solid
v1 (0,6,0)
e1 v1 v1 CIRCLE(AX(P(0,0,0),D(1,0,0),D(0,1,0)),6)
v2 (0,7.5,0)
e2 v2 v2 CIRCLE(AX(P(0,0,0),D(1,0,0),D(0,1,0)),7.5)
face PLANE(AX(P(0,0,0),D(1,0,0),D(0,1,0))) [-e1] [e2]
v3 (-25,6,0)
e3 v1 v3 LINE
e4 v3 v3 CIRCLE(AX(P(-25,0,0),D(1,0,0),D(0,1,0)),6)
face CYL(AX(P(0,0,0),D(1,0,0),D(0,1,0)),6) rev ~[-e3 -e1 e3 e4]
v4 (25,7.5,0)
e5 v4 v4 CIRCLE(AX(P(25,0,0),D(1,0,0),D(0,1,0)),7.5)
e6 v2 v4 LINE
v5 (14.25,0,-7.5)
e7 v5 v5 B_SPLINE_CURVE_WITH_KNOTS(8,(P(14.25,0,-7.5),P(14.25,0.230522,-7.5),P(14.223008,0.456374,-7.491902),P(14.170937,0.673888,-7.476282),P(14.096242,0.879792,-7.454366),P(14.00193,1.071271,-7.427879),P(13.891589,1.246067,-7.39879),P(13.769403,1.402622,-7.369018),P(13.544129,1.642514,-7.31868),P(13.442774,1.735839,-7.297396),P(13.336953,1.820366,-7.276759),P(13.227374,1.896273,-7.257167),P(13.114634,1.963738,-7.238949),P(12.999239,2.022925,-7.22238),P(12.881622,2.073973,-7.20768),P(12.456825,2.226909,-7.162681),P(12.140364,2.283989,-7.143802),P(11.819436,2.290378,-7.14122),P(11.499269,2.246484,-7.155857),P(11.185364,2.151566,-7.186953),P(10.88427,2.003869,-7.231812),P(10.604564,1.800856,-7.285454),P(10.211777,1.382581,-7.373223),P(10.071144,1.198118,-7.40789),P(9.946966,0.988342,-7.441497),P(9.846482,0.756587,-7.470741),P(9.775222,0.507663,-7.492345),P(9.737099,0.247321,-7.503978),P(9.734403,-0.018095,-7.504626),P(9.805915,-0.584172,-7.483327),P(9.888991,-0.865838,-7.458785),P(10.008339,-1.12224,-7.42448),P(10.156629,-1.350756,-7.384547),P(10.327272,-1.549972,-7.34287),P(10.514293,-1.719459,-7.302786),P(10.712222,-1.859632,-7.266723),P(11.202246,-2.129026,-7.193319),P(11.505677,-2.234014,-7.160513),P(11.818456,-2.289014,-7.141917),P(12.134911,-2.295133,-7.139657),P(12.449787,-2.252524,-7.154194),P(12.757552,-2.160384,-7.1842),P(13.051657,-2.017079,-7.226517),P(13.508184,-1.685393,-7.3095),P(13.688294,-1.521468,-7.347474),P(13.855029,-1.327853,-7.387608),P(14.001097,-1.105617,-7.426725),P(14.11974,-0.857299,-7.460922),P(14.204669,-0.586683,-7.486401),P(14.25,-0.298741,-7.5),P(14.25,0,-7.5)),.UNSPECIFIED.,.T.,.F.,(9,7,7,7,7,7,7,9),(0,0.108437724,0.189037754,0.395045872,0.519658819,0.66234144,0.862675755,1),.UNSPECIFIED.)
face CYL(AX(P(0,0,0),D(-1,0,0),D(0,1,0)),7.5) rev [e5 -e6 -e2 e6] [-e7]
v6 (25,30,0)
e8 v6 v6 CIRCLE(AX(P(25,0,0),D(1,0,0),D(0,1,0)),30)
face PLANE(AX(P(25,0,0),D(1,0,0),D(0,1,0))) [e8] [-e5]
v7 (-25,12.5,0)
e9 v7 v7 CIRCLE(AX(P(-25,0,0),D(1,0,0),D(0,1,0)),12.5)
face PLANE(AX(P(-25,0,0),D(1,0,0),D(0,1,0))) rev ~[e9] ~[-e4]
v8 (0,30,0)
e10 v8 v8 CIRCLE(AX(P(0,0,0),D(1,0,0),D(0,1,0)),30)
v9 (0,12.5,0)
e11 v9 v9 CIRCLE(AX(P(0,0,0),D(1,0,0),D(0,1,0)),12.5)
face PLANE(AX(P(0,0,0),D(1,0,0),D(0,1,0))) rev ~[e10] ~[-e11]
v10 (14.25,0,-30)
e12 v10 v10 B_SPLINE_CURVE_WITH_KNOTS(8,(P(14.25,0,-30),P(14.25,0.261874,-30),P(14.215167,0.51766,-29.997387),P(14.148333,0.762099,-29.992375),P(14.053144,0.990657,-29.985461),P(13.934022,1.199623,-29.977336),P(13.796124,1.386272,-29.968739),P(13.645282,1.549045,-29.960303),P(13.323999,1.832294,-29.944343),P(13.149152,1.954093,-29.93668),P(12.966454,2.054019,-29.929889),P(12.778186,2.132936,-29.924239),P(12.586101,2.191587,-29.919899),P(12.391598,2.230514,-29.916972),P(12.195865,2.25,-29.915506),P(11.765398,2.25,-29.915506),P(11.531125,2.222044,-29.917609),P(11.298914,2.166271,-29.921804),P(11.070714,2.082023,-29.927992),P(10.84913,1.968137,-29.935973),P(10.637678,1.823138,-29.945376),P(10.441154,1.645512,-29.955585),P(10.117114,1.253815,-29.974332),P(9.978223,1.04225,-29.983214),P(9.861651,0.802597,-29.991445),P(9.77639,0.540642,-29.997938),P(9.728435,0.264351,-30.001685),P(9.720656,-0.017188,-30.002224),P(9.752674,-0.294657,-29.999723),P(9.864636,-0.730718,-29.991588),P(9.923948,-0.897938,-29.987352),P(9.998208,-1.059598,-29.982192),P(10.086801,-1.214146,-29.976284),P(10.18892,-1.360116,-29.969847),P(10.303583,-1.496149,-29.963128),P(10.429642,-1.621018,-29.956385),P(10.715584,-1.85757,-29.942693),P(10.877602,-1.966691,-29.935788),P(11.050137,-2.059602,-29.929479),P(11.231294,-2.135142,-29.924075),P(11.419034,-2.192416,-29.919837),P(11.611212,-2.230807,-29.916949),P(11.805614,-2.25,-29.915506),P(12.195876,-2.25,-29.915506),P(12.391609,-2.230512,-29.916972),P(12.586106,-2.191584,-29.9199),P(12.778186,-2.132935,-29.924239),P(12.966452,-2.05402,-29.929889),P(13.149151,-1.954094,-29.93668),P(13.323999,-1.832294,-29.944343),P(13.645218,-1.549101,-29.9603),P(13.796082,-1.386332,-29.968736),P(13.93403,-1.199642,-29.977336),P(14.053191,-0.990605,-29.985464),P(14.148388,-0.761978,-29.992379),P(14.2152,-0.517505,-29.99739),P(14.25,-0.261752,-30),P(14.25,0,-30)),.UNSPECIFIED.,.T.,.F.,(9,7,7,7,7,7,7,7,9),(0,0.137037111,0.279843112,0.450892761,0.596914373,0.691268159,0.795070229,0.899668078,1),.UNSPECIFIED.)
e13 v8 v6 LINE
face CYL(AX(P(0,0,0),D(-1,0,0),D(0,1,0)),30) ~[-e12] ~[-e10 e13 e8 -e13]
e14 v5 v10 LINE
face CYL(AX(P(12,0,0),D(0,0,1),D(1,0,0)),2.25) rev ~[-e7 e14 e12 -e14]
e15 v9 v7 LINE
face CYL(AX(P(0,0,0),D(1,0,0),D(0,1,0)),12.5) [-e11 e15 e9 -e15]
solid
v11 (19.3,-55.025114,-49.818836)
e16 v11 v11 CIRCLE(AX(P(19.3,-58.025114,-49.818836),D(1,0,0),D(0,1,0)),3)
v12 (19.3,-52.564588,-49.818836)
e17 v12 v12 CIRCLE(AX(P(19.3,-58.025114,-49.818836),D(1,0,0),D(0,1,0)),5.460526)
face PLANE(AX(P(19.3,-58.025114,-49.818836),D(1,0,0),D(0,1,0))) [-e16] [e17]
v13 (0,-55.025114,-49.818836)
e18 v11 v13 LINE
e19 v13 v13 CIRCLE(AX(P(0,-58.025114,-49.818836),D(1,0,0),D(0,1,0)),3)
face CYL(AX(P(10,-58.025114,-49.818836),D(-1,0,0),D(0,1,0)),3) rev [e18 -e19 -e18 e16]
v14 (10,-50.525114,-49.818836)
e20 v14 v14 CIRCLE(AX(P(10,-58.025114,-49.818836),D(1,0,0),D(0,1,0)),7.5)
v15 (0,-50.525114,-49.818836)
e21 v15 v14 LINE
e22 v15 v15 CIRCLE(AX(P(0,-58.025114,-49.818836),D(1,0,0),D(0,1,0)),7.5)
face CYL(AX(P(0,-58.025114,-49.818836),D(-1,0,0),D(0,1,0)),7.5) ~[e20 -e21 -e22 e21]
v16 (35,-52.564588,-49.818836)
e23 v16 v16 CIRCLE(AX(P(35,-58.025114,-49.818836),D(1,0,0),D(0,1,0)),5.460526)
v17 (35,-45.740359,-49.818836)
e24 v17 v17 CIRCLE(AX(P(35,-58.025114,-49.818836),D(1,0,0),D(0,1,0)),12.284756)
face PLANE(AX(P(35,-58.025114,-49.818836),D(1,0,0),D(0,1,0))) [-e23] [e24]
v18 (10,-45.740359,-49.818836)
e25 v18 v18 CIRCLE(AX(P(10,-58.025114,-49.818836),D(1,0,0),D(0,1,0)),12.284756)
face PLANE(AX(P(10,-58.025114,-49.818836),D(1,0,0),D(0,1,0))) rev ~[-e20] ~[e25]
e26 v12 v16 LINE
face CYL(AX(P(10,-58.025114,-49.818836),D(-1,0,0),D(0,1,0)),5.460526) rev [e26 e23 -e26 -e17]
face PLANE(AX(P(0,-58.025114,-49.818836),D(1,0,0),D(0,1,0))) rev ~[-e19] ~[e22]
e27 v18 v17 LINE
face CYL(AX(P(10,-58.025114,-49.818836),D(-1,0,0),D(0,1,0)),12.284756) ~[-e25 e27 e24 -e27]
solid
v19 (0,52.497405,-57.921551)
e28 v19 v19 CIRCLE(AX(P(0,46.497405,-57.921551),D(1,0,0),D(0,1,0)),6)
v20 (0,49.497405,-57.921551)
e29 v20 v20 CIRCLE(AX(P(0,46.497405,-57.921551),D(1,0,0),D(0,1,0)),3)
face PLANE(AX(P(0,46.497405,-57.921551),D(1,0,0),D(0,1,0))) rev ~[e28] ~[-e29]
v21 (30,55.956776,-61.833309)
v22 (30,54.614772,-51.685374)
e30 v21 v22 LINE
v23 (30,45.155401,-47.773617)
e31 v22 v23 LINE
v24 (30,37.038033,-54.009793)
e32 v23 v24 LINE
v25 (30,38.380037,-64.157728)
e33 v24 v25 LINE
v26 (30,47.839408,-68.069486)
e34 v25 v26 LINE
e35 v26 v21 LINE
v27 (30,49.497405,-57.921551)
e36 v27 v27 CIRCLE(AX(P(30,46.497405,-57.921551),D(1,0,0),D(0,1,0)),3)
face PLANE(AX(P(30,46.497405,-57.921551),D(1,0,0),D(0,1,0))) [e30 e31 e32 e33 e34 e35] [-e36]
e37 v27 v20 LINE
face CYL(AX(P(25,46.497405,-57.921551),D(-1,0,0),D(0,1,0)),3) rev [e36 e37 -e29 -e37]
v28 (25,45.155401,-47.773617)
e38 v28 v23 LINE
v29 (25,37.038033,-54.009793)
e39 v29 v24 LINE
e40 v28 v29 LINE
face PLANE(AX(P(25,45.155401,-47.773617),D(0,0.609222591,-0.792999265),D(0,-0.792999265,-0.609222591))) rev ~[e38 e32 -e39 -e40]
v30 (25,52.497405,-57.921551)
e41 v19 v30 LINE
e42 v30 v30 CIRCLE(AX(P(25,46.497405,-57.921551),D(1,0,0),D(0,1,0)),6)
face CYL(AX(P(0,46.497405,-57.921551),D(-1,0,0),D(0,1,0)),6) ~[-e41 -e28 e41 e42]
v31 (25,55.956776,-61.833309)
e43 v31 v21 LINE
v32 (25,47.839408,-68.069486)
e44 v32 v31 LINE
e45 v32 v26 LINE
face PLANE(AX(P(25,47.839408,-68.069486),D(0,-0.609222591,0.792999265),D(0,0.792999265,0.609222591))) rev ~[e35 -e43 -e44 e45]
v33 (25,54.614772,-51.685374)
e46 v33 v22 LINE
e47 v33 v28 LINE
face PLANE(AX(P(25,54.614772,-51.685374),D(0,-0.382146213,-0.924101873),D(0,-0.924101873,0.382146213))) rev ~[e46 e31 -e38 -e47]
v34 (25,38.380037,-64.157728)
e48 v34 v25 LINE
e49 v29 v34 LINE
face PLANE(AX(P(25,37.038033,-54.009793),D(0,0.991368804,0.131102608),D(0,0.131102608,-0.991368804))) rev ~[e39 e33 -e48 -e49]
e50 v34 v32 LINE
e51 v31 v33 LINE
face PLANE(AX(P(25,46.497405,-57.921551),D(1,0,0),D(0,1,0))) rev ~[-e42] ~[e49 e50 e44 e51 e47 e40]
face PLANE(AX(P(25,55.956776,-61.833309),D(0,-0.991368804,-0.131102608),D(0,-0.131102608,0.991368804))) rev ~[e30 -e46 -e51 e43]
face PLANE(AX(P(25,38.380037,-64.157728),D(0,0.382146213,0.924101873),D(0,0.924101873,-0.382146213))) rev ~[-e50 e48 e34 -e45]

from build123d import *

# Parameters (mm, degrees)
F0_R      = 12.5
F0_R_2    = 6
F1_DEPTH  = 25
F2_R      = 30
F2_R_2    = 7.5
F3_DEPTH  = 25
F4_R      = 2.25
F5_DEPTH  = 36.7
F6_R      = 7.5
F6_R_2    = 3
F7_DEPTH  = 10
F8_R      = 12.2847556344
F8_R_2    = 5.4605261275
F9_DEPTH  = 25
F10_R     = 6
F10_R_2   = 3
F11_DEPTH = 25
F12_DEPTH = 9.3
F13_R     = 6
F14_DEPTH = 9.4
F16_R     = 6
F16_R_2   = 3
F17_DEPTH = 5


with BuildPart() as f1:
    # F0 (on Right) → F1 (new body)
    with BuildSketch(Plane.YZ):
        Circle(F0_R)
        Circle(F0_R_2, mode=Mode.SUBTRACT)
    extrude(amount=-F1_DEPTH)

    # F2 (on face) → F3 (join)
    with BuildSketch(Plane.YZ):
        Circle(F2_R)
        Circle(F2_R_2, mode=Mode.SUBTRACT)
    extrude(amount=F3_DEPTH)

    # F4 (on Top) → F5 (cut)
    with BuildSketch(Plane.XY):
        with Locations((12, 0)):
            Circle(F4_R)
    extrude(amount=-F5_DEPTH, mode=Mode.SUBTRACT)


with BuildPart() as f7:
    # F6 (on Right) → F7 (new body)
    with BuildSketch(Plane.YZ):
        with Locations((-58.0251142383, -49.8188361526)):
            Circle(F6_R)
        with Locations((-58.0251142383, -49.8188361526)):
            Circle(F6_R_2, mode=Mode.SUBTRACT)
    extrude(amount=F7_DEPTH)

    # F8 (on face) → F9 (join)
    with BuildSketch(Plane.YZ.offset(10)):
        with Locations((-58.0251142383, -49.8188361526)):
            Circle(F8_R)
        with Locations((-58.0251142383, -49.8188361526)):
            Circle(F8_R_2, mode=Mode.SUBTRACT)
    extrude(amount=F9_DEPTH)

    # F12 (add): a face of the model
    f12_faces = [f7.faces().sort_by_distance(p)[0] for p in [
        (10, -63.3311933636, -49.8188361526),
    ]]
    extrude(f12_faces, amount=F12_DEPTH)


with BuildPart() as f11:
    # F10 (on Right) → F11 (new body)
    with BuildSketch(Plane.YZ):
        with Locations((46.4974045753, -57.921551168)):
            Circle(F10_R)
        with Locations((46.4974045753, -57.921551168)):
            Circle(F10_R_2, mode=Mode.SUBTRACT)
    extrude(amount=F11_DEPTH)

    # F16 (on face) → F17 (join)
    with BuildSketch(Plane.YZ.offset(25)):
        Polygon((47.8394083717, -68.0694858352), (55.9567756913, -61.833309122), (54.6147718949, -51.6853744548), (45.155400779, -47.7736165007), (37.0380334594, -54.009793214), (38.3800372558, -64.1577278812), align=None)
        with Locations((46.4974045753, -57.921551168)):
            Circle(F16_R, mode=Mode.SUBTRACT)
        with Locations((46.4974045753, -57.921551168)):
            Circle(F16_R)
        with Locations((46.4974045753, -57.921551168)):
            Circle(F16_R_2, mode=Mode.SUBTRACT)
    extrude(amount=F17_DEPTH)


with BuildPart() as f14:
    # F13 (on face) → F14 (new body)
    with BuildSketch(Plane.YZ.offset(25)):
        Polygon((31.8439276661, -58.8649387834), (39.9876637613, -71.0835282329), (54.6411406705, -70.1401406175), (61.1508814846, -56.9781635526), (53.0071453894, -44.7595741031), (38.3536684802, -45.7029617185), align=None)
        with Locations((46.4974045753, -57.921551168)):
            Circle(F13_R, mode=Mode.SUBTRACT)
    extrude(amount=F14_DEPTH)


solid = Compound([f1.part, f7.part, f11.part])
